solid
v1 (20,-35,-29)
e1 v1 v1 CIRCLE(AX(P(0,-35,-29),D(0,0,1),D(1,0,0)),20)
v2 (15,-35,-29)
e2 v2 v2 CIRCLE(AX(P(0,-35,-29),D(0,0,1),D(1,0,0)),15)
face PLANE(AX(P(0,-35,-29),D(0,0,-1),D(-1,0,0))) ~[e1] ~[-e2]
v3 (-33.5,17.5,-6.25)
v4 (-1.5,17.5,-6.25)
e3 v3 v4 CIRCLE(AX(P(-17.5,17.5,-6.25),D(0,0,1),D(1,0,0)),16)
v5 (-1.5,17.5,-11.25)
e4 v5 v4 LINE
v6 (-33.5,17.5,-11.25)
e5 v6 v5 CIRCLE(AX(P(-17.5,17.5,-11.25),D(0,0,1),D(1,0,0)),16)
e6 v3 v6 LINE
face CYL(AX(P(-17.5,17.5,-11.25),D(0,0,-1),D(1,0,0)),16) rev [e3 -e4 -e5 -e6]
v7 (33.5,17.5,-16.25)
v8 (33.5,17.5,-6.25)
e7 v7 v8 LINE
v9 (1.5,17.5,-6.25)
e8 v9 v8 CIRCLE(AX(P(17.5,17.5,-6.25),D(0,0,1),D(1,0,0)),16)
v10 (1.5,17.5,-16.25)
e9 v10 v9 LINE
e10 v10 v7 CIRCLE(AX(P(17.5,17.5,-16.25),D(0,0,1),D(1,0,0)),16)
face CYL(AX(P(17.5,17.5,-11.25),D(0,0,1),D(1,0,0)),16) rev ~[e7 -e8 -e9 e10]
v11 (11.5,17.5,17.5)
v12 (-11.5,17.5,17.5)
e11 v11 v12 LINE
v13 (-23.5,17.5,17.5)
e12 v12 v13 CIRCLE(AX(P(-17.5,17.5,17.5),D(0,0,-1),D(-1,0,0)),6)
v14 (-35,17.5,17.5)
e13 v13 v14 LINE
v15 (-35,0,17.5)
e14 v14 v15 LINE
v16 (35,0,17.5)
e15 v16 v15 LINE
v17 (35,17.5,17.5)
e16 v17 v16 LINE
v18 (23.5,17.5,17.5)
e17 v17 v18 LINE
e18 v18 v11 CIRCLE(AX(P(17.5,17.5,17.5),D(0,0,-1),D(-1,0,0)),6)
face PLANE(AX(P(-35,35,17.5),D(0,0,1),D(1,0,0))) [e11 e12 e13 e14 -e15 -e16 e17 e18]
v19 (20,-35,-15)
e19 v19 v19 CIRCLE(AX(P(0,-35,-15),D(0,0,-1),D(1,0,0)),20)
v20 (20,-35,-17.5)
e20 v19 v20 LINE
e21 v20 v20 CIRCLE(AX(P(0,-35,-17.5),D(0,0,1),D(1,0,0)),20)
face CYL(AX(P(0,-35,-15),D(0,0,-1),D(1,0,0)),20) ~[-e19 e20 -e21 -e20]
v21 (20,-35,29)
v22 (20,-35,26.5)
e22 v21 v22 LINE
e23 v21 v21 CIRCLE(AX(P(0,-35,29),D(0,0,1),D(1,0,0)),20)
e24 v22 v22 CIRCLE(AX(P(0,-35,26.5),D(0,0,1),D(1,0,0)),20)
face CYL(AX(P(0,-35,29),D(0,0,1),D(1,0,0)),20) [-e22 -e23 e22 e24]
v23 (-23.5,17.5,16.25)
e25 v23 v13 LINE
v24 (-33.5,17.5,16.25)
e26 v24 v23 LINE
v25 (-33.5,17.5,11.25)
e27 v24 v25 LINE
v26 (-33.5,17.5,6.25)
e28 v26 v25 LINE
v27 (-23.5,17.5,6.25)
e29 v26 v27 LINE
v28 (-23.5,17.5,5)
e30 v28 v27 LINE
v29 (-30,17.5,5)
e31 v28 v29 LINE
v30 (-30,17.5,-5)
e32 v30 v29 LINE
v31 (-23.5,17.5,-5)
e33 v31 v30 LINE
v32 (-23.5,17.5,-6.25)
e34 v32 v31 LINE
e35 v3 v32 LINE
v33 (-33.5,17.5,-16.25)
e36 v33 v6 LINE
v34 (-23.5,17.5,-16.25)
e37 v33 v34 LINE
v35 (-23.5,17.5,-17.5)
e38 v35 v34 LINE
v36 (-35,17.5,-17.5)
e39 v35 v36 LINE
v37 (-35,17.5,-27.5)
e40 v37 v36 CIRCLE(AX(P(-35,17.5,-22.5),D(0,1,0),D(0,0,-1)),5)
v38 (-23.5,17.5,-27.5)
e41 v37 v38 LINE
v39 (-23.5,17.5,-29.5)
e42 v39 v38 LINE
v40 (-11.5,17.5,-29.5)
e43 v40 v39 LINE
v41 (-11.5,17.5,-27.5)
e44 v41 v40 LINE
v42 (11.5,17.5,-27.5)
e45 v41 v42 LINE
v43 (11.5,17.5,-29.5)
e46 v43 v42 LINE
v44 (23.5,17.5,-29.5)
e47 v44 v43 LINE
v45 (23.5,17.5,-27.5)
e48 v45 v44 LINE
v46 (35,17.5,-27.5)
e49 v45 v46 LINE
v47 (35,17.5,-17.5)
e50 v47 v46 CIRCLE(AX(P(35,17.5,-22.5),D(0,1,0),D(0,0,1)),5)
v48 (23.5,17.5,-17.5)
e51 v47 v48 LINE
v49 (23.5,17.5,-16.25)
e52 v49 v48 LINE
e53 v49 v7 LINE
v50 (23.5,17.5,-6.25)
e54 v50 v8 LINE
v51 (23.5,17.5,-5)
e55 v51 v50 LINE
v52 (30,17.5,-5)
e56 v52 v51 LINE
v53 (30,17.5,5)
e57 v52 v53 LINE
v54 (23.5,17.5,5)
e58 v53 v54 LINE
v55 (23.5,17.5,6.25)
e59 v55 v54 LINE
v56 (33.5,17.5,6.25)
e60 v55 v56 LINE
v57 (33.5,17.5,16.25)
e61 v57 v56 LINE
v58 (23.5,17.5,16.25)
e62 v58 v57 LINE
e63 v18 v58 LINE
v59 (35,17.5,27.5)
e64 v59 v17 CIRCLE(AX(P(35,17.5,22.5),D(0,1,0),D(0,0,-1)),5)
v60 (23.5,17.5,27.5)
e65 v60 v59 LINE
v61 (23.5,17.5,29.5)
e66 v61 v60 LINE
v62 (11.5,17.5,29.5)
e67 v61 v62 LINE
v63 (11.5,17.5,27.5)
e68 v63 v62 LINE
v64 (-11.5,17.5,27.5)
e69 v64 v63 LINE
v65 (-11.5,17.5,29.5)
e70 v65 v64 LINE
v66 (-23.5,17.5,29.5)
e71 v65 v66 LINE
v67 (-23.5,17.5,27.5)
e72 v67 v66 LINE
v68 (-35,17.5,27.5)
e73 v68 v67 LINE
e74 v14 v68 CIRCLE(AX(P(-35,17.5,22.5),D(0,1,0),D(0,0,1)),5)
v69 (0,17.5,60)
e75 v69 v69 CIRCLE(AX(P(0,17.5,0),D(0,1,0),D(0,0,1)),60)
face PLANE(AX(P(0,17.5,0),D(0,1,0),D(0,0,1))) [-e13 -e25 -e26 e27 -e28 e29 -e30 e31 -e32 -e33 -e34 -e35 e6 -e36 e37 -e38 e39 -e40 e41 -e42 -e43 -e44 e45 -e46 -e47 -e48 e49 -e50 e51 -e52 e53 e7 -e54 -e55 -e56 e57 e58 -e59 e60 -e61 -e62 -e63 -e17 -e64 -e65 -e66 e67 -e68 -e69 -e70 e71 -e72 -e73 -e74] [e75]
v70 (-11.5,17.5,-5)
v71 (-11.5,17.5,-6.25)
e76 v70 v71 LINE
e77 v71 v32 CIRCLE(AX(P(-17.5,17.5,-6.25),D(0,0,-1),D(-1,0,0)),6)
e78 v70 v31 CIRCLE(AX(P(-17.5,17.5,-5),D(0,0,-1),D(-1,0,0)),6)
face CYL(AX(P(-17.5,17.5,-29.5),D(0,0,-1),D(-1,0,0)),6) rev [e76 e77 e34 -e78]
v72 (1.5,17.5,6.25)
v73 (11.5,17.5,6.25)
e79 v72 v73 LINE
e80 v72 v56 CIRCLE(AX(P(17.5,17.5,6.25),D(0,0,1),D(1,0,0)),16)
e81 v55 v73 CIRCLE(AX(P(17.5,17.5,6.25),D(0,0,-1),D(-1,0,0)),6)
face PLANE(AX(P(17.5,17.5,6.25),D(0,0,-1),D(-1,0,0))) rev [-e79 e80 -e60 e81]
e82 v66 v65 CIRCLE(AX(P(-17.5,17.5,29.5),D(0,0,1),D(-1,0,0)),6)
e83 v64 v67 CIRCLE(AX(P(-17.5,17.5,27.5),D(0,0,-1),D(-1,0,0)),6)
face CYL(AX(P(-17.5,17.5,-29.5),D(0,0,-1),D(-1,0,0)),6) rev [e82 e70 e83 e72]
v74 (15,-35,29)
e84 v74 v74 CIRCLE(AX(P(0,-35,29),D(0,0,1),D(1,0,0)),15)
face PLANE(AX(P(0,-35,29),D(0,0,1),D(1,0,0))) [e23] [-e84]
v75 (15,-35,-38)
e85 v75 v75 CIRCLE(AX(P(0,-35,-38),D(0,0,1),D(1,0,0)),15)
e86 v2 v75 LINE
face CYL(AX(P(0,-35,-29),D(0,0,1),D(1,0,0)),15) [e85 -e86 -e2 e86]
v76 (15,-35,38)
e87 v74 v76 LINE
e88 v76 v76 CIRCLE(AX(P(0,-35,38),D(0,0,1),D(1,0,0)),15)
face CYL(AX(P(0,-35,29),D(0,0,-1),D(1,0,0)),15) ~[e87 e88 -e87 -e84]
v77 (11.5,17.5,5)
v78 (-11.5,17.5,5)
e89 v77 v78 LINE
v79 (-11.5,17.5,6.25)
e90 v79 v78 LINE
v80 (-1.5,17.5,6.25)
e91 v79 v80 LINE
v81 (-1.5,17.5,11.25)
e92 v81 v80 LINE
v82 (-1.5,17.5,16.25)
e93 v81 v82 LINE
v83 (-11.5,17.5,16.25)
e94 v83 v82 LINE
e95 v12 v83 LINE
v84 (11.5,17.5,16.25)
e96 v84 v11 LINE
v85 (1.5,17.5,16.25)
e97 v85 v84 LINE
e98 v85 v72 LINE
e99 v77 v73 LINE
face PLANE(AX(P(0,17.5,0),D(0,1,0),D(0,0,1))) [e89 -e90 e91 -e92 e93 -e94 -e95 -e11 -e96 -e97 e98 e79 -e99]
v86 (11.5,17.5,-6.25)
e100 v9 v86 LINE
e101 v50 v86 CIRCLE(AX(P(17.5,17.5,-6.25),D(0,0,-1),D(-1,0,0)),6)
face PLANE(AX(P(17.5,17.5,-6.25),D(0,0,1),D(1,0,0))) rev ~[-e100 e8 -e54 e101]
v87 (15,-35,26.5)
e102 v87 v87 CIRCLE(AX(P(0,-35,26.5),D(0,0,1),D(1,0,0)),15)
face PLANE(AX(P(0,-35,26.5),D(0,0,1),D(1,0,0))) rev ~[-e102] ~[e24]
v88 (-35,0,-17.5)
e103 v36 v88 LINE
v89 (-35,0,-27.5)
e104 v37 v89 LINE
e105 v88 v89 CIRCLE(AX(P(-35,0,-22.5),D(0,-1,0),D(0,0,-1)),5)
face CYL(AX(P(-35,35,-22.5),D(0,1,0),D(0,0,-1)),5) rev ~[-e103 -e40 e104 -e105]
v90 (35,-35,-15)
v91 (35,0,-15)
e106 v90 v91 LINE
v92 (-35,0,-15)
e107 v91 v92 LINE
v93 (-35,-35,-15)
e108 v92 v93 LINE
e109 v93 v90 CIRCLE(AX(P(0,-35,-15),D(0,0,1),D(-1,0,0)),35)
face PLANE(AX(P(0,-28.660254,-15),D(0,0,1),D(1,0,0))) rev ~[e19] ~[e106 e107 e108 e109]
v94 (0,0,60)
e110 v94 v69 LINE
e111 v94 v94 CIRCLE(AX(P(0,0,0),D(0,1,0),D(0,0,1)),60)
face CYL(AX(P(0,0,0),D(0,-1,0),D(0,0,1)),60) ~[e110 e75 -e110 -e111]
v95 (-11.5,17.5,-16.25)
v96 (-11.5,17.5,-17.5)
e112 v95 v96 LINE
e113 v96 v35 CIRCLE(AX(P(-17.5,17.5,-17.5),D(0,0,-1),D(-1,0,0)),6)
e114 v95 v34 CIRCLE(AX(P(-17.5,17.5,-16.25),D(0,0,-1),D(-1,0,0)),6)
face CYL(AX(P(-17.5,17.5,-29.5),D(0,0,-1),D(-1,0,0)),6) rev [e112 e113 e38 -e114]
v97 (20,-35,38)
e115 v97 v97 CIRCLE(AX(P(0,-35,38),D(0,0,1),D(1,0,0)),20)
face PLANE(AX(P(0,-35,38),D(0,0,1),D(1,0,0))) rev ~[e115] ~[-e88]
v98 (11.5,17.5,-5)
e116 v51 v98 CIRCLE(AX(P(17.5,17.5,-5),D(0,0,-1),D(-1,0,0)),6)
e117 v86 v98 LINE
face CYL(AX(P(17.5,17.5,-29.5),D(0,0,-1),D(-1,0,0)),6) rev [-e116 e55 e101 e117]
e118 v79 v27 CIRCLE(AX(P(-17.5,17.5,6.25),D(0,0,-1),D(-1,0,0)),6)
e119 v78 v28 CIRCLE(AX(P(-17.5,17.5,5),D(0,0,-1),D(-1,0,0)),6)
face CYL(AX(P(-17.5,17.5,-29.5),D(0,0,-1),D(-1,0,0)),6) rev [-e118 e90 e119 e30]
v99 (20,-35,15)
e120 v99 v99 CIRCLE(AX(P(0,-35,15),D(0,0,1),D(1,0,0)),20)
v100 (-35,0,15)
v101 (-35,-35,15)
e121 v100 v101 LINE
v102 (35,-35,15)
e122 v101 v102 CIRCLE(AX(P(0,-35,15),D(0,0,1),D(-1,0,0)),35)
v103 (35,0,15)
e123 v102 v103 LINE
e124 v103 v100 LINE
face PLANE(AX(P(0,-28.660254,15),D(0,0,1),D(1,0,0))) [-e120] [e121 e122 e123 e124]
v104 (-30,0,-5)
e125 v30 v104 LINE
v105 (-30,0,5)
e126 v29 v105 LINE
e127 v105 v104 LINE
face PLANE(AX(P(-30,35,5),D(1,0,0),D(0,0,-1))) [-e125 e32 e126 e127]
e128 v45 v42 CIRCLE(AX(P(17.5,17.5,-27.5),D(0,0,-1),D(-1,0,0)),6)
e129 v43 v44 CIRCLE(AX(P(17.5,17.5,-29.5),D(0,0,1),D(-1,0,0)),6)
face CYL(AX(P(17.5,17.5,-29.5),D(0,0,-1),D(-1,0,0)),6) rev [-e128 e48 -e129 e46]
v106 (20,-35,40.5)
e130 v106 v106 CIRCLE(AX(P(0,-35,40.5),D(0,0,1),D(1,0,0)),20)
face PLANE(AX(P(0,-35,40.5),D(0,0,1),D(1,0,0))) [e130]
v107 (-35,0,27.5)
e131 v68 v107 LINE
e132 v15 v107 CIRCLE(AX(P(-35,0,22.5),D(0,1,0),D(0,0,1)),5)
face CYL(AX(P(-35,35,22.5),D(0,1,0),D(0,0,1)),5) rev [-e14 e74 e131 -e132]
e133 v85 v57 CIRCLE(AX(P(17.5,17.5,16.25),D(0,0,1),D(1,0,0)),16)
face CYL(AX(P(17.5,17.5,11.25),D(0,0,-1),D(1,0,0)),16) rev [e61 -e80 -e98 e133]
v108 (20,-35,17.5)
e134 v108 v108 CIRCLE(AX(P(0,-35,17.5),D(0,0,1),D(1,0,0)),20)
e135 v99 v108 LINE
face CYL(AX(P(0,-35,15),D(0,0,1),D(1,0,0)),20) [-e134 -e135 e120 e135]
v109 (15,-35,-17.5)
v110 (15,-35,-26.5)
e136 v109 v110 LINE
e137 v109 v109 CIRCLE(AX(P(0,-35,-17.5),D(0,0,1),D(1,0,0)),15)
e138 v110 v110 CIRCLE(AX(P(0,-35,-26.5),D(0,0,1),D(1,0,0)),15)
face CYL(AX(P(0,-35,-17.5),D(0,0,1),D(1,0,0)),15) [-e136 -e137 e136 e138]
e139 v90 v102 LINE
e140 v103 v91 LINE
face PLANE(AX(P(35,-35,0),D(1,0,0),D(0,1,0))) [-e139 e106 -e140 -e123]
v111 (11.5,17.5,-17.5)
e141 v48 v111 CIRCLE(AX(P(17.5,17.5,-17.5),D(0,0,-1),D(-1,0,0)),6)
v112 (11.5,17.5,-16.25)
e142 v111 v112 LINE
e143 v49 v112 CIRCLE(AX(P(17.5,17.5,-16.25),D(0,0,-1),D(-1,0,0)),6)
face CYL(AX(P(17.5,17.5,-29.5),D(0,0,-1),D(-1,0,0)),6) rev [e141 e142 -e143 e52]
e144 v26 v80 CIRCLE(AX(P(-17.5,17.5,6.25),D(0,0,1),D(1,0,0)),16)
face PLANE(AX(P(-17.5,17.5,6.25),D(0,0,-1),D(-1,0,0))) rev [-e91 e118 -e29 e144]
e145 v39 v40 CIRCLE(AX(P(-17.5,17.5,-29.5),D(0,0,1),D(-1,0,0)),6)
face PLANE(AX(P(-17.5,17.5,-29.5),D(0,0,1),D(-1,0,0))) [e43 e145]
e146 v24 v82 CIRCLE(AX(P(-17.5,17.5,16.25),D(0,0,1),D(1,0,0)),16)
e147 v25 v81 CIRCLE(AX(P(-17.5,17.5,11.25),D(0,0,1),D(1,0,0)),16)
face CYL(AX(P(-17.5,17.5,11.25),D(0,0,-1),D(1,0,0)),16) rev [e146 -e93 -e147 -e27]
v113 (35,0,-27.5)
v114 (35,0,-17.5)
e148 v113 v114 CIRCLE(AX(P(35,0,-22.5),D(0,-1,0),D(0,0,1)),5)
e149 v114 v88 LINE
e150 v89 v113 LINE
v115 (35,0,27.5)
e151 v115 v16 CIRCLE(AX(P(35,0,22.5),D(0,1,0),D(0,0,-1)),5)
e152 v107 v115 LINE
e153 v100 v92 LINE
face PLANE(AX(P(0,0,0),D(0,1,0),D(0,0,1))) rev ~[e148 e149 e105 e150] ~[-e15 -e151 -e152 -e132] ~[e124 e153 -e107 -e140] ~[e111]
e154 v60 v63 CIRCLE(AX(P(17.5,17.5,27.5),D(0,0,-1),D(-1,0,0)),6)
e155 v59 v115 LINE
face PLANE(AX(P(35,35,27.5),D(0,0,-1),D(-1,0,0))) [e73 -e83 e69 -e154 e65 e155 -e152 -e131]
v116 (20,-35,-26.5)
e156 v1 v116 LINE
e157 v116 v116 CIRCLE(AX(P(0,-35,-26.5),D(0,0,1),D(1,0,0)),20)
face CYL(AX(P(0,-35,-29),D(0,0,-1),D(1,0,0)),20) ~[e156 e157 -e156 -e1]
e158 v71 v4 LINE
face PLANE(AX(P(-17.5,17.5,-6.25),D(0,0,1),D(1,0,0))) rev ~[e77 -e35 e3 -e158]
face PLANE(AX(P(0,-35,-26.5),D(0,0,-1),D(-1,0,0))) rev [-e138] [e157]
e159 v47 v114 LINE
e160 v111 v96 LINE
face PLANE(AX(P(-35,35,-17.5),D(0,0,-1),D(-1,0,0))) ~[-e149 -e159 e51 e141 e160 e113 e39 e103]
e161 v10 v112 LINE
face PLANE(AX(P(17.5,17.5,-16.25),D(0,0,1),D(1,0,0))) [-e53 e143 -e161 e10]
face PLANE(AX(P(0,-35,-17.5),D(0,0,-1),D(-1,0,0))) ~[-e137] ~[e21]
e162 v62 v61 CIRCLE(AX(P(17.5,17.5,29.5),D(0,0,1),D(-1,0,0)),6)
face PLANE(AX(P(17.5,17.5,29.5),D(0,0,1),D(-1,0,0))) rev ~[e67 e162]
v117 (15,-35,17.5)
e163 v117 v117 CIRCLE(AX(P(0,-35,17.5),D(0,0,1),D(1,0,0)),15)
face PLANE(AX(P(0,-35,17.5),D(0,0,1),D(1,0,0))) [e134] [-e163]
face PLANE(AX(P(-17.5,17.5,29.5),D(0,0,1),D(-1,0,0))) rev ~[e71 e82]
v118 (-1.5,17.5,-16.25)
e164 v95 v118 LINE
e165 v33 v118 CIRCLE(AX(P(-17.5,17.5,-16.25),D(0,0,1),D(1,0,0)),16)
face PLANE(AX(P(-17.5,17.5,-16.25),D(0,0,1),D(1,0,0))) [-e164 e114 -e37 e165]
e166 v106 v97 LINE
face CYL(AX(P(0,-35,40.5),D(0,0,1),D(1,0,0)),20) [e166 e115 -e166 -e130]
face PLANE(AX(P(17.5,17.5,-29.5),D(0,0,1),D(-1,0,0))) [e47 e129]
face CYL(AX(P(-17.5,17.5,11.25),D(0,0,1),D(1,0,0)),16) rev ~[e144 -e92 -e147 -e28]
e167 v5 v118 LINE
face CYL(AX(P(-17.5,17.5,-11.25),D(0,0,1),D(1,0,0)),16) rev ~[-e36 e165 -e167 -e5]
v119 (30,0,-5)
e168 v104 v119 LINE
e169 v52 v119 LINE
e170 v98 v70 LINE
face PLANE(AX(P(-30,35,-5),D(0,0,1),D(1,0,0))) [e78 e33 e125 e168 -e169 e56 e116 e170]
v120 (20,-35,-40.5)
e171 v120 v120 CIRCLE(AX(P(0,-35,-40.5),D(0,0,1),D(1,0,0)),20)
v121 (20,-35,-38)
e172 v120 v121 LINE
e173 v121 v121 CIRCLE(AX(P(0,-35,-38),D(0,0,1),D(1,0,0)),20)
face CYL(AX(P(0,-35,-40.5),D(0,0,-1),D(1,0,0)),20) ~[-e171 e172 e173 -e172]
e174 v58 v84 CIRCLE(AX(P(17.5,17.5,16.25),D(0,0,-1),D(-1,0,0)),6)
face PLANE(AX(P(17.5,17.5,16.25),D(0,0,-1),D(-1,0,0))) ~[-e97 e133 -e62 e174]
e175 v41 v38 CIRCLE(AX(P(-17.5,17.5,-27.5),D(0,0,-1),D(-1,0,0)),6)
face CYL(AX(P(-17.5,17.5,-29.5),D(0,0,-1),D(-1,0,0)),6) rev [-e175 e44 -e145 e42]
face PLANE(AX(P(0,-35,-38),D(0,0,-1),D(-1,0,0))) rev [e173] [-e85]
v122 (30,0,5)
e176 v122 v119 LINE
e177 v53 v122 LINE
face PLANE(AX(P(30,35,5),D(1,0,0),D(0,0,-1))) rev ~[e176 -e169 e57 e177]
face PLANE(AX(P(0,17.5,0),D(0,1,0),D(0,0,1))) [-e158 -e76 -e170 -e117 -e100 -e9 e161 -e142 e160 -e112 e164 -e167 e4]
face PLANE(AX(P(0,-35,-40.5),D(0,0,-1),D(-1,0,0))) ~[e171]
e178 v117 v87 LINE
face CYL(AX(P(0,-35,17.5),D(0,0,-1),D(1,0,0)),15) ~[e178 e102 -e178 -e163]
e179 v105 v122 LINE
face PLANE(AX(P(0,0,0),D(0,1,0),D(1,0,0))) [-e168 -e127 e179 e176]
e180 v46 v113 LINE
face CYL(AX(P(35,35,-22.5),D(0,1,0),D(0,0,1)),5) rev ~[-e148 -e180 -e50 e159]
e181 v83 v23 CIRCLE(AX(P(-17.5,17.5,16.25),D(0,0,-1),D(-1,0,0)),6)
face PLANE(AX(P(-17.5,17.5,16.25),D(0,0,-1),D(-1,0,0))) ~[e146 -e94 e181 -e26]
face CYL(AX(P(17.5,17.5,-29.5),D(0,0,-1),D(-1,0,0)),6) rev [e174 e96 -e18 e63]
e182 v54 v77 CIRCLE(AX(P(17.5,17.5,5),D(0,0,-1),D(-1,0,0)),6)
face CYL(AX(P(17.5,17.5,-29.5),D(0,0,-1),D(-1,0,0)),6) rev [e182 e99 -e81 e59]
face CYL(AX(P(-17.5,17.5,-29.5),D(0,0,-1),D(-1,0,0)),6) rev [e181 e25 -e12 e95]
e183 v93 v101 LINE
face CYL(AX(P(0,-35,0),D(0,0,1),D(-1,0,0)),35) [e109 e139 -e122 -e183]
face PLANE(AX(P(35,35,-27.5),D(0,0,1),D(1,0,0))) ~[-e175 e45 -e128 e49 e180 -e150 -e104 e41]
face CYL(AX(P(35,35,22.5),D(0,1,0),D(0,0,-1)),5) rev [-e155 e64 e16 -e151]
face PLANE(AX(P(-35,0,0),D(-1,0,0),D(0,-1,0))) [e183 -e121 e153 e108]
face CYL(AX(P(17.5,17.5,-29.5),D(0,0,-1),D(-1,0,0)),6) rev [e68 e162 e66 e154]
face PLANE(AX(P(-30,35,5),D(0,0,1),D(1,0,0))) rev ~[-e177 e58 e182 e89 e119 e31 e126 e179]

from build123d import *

# Parameters (mm, degrees)
SKETCH2_R               = 60
BOSS_EXTRUDE1_DEPTH     = 35
BOSS_EXTRUDE2_DEPTH     = 15
SKETCH5_R               = 20
BOSS_EXTRUDE3_DEPTH     = 2.5
SKETCH6_R               = 15
BOSS_EXTRUDE4_DEPTH     = 9
BOSS_EXTRUDE5_START     = 2.5
SKETCH7_R               = 20
BOSS_EXTRUDE5_DEPTH     = 2.5
SKETCH8_R               = 15
BOSS_EXTRUDE6_DEPTH     = 9
BOSS_EXTRUDE7_START     = 2.5
SKETCH9_R               = 20
BOSS_EXTRUDE7_DEPTH     = 2.5
CUT_EXTRUDE1_REACH      = 137
SKETCH11_W              = 60
SKETCH11_H              = 10
CUT_EXTRUDE2_DEPTH      = 35
CUT_EXTRUDE3_DEPTH      = 34.5
CUT_EXTRUDE3_DEPTH_BACK = 24.5
SKETCH12_R              = 6
CUT_EXTRUDE4_START      = -17.5
SKETCH15_R              = 60
CUT_EXTRUDE4_DEPTH      = 17.5
SKETCH17_R              = 16
CUT_EXTRUDE6_DEPTH      = 5


with BuildPart() as part:
    # Sketch2 → Boss-Extrude1 (new body)
    with BuildSketch(Plane(origin=(0, 0, 0), x_dir=(1, 0, 0), z_dir=(0, 1, 0))):
        with Locations(Location((0, 0, 0), (0, 0, 270))):
            Circle(SKETCH2_R)
    extrude(amount=BOSS_EXTRUDE1_DEPTH)

    # Sketch4 → Boss-Extrude2 (add, symmetric)
    with BuildSketch(Plane.XY):
        with BuildLine():
            Line((-35, 0), (-35, -35))
            ThreePointArc((-35, -35), (0, -70), (35, -35))
            Line((35, -35), (35, 0))
            Line((35, 0), (-35, 0))
        make_face()
    extrude(amount=BOSS_EXTRUDE2_DEPTH, both=True)

    # Sketch5 → Boss-Extrude3 (add, symmetric)
    with BuildSketch(Plane.XY.offset(15)):
        with Locations((0, -35)):
            Circle(SKETCH5_R)
    boss_extrude3 = extrude(amount=BOSS_EXTRUDE3_DEPTH, both=True)

    # Sketch6 → Boss-Extrude4 (add)
    with BuildSketch(Plane.XY.offset(17.5)):
        with Locations((0, -35)):
            Circle(SKETCH6_R)
    boss_extrude4 = extrude(amount=BOSS_EXTRUDE4_DEPTH)

    # Sketch7 → Boss-Extrude5 (add)
    with BuildSketch(Plane.XY.offset(26.5).offset(BOSS_EXTRUDE5_START)):
        with Locations((0, -35)):
            Circle(SKETCH7_R)
    boss_extrude5 = extrude(amount=-BOSS_EXTRUDE5_DEPTH)

    # Sketch8 → Boss-Extrude6 (add)
    with BuildSketch(Plane.XY.offset(29)):
        with Locations((0, -35)):
            Circle(SKETCH8_R)
    boss_extrude6 = extrude(amount=BOSS_EXTRUDE6_DEPTH)

    # Sketch9 → Boss-Extrude7 (add)
    with BuildSketch(Plane.XY.offset(38).offset(BOSS_EXTRUDE7_START)):
        with Locations((0, -35)):
            Circle(SKETCH9_R)
    boss_extrude7 = extrude(amount=-BOSS_EXTRUDE7_DEPTH)

    # Mirror1: Boss-Extrude3, Boss-Extrude4, Boss-Extrude5, Boss-Extrude6, Boss-Extrude7 across plane
    add(boss_extrude3.mirror(Plane.XY))
    add(boss_extrude4.mirror(Plane.XY))
    add(boss_extrude5.mirror(Plane.XY))
    add(boss_extrude6.mirror(Plane.XY))
    add(boss_extrude7.mirror(Plane.XY))

    # Sketch10 → Cut-Extrude1 (cut, up to next)
    with BuildSketch(Plane(origin=(0, 35, 0), x_dir=(1, 0, 0), z_dir=(0, 1, 0)), mode=Mode.PRIVATE) as cut_extrude1_sk1:
        with BuildLine():
            Line((-35, -17.5), (35, -17.5))
            ThreePointArc((35, -17.5), (40, -22.5), (35, -27.5))
            Line((35, -27.5), (-35, -27.5))
            ThreePointArc((-35, -27.5), (-40, -22.5), (-35, -17.5))
        make_face()
    cut_extrude1_tool1 = extrude(cut_extrude1_sk1.sketch, amount=-CUT_EXTRUDE1_REACH, mode=Mode.PRIVATE) & part.part
    cut_extrude1 = cut_extrude1_tool1.solids().sort_by_distance((0, 35, 22.5))[0]
    add(cut_extrude1, mode=Mode.SUBTRACT)

    # Mirror2: Cut-Extrude1 across plane
    add(cut_extrude1.mirror(Plane.XY), mode=Mode.SUBTRACT)

    # Sketch11 → Cut-Extrude2 (cut)
    with BuildSketch(Plane(origin=(0, 35, 0), x_dir=(1, 0, 0), z_dir=(0, 1, 0))):
        Rectangle(SKETCH11_W, SKETCH11_H)
    extrude(amount=-CUT_EXTRUDE2_DEPTH, mode=Mode.SUBTRACT)

    # Sketch12 → Cut-Extrude3 (cut, two sides: drawn at the far end of the back side and taken through both)
    with BuildSketch(Plane.XY.offset(-5).offset(-CUT_EXTRUDE3_DEPTH_BACK)):
        with Locations(Location((-17.5, 17.5, 0), (0, 0, 180))):
            Circle(SKETCH12_R)
        with Locations(Location((17.5, 17.5, 0), (0, 0, 180))):
            Circle(SKETCH12_R)
    extrude(amount=CUT_EXTRUDE3_DEPTH + CUT_EXTRUDE3_DEPTH_BACK, mode=Mode.SUBTRACT)

    # Sketch15 → Cut-Extrude4 (cut)
    with BuildSketch(Plane(origin=(0, 35, 0), x_dir=(1, 0, 0), z_dir=(0, 1, 0)).offset(CUT_EXTRUDE4_START)):
        with Locations(Location((0, 0, 0), (0, 0, 270))):
            Circle(SKETCH15_R)
    extrude(amount=CUT_EXTRUDE4_DEPTH, mode=Mode.SUBTRACT)

    # Sketch17 → Cut-Extrude6 (cut, symmetric)
    with BuildSketch(Plane.XY.offset(-11.25)):
        with Locations((-17.5, 17.5)):
            Circle(SKETCH17_R)
        with Locations((17.5, 17.5)):
            Circle(SKETCH17_R)
    cut_extrude6 = extrude(amount=CUT_EXTRUDE6_DEPTH, both=True, mode=Mode.SUBTRACT)

    # Mirror3: Cut-Extrude6 across plane
    add(cut_extrude6.mirror(Plane.XY), mode=Mode.SUBTRACT)


solid = part.part
